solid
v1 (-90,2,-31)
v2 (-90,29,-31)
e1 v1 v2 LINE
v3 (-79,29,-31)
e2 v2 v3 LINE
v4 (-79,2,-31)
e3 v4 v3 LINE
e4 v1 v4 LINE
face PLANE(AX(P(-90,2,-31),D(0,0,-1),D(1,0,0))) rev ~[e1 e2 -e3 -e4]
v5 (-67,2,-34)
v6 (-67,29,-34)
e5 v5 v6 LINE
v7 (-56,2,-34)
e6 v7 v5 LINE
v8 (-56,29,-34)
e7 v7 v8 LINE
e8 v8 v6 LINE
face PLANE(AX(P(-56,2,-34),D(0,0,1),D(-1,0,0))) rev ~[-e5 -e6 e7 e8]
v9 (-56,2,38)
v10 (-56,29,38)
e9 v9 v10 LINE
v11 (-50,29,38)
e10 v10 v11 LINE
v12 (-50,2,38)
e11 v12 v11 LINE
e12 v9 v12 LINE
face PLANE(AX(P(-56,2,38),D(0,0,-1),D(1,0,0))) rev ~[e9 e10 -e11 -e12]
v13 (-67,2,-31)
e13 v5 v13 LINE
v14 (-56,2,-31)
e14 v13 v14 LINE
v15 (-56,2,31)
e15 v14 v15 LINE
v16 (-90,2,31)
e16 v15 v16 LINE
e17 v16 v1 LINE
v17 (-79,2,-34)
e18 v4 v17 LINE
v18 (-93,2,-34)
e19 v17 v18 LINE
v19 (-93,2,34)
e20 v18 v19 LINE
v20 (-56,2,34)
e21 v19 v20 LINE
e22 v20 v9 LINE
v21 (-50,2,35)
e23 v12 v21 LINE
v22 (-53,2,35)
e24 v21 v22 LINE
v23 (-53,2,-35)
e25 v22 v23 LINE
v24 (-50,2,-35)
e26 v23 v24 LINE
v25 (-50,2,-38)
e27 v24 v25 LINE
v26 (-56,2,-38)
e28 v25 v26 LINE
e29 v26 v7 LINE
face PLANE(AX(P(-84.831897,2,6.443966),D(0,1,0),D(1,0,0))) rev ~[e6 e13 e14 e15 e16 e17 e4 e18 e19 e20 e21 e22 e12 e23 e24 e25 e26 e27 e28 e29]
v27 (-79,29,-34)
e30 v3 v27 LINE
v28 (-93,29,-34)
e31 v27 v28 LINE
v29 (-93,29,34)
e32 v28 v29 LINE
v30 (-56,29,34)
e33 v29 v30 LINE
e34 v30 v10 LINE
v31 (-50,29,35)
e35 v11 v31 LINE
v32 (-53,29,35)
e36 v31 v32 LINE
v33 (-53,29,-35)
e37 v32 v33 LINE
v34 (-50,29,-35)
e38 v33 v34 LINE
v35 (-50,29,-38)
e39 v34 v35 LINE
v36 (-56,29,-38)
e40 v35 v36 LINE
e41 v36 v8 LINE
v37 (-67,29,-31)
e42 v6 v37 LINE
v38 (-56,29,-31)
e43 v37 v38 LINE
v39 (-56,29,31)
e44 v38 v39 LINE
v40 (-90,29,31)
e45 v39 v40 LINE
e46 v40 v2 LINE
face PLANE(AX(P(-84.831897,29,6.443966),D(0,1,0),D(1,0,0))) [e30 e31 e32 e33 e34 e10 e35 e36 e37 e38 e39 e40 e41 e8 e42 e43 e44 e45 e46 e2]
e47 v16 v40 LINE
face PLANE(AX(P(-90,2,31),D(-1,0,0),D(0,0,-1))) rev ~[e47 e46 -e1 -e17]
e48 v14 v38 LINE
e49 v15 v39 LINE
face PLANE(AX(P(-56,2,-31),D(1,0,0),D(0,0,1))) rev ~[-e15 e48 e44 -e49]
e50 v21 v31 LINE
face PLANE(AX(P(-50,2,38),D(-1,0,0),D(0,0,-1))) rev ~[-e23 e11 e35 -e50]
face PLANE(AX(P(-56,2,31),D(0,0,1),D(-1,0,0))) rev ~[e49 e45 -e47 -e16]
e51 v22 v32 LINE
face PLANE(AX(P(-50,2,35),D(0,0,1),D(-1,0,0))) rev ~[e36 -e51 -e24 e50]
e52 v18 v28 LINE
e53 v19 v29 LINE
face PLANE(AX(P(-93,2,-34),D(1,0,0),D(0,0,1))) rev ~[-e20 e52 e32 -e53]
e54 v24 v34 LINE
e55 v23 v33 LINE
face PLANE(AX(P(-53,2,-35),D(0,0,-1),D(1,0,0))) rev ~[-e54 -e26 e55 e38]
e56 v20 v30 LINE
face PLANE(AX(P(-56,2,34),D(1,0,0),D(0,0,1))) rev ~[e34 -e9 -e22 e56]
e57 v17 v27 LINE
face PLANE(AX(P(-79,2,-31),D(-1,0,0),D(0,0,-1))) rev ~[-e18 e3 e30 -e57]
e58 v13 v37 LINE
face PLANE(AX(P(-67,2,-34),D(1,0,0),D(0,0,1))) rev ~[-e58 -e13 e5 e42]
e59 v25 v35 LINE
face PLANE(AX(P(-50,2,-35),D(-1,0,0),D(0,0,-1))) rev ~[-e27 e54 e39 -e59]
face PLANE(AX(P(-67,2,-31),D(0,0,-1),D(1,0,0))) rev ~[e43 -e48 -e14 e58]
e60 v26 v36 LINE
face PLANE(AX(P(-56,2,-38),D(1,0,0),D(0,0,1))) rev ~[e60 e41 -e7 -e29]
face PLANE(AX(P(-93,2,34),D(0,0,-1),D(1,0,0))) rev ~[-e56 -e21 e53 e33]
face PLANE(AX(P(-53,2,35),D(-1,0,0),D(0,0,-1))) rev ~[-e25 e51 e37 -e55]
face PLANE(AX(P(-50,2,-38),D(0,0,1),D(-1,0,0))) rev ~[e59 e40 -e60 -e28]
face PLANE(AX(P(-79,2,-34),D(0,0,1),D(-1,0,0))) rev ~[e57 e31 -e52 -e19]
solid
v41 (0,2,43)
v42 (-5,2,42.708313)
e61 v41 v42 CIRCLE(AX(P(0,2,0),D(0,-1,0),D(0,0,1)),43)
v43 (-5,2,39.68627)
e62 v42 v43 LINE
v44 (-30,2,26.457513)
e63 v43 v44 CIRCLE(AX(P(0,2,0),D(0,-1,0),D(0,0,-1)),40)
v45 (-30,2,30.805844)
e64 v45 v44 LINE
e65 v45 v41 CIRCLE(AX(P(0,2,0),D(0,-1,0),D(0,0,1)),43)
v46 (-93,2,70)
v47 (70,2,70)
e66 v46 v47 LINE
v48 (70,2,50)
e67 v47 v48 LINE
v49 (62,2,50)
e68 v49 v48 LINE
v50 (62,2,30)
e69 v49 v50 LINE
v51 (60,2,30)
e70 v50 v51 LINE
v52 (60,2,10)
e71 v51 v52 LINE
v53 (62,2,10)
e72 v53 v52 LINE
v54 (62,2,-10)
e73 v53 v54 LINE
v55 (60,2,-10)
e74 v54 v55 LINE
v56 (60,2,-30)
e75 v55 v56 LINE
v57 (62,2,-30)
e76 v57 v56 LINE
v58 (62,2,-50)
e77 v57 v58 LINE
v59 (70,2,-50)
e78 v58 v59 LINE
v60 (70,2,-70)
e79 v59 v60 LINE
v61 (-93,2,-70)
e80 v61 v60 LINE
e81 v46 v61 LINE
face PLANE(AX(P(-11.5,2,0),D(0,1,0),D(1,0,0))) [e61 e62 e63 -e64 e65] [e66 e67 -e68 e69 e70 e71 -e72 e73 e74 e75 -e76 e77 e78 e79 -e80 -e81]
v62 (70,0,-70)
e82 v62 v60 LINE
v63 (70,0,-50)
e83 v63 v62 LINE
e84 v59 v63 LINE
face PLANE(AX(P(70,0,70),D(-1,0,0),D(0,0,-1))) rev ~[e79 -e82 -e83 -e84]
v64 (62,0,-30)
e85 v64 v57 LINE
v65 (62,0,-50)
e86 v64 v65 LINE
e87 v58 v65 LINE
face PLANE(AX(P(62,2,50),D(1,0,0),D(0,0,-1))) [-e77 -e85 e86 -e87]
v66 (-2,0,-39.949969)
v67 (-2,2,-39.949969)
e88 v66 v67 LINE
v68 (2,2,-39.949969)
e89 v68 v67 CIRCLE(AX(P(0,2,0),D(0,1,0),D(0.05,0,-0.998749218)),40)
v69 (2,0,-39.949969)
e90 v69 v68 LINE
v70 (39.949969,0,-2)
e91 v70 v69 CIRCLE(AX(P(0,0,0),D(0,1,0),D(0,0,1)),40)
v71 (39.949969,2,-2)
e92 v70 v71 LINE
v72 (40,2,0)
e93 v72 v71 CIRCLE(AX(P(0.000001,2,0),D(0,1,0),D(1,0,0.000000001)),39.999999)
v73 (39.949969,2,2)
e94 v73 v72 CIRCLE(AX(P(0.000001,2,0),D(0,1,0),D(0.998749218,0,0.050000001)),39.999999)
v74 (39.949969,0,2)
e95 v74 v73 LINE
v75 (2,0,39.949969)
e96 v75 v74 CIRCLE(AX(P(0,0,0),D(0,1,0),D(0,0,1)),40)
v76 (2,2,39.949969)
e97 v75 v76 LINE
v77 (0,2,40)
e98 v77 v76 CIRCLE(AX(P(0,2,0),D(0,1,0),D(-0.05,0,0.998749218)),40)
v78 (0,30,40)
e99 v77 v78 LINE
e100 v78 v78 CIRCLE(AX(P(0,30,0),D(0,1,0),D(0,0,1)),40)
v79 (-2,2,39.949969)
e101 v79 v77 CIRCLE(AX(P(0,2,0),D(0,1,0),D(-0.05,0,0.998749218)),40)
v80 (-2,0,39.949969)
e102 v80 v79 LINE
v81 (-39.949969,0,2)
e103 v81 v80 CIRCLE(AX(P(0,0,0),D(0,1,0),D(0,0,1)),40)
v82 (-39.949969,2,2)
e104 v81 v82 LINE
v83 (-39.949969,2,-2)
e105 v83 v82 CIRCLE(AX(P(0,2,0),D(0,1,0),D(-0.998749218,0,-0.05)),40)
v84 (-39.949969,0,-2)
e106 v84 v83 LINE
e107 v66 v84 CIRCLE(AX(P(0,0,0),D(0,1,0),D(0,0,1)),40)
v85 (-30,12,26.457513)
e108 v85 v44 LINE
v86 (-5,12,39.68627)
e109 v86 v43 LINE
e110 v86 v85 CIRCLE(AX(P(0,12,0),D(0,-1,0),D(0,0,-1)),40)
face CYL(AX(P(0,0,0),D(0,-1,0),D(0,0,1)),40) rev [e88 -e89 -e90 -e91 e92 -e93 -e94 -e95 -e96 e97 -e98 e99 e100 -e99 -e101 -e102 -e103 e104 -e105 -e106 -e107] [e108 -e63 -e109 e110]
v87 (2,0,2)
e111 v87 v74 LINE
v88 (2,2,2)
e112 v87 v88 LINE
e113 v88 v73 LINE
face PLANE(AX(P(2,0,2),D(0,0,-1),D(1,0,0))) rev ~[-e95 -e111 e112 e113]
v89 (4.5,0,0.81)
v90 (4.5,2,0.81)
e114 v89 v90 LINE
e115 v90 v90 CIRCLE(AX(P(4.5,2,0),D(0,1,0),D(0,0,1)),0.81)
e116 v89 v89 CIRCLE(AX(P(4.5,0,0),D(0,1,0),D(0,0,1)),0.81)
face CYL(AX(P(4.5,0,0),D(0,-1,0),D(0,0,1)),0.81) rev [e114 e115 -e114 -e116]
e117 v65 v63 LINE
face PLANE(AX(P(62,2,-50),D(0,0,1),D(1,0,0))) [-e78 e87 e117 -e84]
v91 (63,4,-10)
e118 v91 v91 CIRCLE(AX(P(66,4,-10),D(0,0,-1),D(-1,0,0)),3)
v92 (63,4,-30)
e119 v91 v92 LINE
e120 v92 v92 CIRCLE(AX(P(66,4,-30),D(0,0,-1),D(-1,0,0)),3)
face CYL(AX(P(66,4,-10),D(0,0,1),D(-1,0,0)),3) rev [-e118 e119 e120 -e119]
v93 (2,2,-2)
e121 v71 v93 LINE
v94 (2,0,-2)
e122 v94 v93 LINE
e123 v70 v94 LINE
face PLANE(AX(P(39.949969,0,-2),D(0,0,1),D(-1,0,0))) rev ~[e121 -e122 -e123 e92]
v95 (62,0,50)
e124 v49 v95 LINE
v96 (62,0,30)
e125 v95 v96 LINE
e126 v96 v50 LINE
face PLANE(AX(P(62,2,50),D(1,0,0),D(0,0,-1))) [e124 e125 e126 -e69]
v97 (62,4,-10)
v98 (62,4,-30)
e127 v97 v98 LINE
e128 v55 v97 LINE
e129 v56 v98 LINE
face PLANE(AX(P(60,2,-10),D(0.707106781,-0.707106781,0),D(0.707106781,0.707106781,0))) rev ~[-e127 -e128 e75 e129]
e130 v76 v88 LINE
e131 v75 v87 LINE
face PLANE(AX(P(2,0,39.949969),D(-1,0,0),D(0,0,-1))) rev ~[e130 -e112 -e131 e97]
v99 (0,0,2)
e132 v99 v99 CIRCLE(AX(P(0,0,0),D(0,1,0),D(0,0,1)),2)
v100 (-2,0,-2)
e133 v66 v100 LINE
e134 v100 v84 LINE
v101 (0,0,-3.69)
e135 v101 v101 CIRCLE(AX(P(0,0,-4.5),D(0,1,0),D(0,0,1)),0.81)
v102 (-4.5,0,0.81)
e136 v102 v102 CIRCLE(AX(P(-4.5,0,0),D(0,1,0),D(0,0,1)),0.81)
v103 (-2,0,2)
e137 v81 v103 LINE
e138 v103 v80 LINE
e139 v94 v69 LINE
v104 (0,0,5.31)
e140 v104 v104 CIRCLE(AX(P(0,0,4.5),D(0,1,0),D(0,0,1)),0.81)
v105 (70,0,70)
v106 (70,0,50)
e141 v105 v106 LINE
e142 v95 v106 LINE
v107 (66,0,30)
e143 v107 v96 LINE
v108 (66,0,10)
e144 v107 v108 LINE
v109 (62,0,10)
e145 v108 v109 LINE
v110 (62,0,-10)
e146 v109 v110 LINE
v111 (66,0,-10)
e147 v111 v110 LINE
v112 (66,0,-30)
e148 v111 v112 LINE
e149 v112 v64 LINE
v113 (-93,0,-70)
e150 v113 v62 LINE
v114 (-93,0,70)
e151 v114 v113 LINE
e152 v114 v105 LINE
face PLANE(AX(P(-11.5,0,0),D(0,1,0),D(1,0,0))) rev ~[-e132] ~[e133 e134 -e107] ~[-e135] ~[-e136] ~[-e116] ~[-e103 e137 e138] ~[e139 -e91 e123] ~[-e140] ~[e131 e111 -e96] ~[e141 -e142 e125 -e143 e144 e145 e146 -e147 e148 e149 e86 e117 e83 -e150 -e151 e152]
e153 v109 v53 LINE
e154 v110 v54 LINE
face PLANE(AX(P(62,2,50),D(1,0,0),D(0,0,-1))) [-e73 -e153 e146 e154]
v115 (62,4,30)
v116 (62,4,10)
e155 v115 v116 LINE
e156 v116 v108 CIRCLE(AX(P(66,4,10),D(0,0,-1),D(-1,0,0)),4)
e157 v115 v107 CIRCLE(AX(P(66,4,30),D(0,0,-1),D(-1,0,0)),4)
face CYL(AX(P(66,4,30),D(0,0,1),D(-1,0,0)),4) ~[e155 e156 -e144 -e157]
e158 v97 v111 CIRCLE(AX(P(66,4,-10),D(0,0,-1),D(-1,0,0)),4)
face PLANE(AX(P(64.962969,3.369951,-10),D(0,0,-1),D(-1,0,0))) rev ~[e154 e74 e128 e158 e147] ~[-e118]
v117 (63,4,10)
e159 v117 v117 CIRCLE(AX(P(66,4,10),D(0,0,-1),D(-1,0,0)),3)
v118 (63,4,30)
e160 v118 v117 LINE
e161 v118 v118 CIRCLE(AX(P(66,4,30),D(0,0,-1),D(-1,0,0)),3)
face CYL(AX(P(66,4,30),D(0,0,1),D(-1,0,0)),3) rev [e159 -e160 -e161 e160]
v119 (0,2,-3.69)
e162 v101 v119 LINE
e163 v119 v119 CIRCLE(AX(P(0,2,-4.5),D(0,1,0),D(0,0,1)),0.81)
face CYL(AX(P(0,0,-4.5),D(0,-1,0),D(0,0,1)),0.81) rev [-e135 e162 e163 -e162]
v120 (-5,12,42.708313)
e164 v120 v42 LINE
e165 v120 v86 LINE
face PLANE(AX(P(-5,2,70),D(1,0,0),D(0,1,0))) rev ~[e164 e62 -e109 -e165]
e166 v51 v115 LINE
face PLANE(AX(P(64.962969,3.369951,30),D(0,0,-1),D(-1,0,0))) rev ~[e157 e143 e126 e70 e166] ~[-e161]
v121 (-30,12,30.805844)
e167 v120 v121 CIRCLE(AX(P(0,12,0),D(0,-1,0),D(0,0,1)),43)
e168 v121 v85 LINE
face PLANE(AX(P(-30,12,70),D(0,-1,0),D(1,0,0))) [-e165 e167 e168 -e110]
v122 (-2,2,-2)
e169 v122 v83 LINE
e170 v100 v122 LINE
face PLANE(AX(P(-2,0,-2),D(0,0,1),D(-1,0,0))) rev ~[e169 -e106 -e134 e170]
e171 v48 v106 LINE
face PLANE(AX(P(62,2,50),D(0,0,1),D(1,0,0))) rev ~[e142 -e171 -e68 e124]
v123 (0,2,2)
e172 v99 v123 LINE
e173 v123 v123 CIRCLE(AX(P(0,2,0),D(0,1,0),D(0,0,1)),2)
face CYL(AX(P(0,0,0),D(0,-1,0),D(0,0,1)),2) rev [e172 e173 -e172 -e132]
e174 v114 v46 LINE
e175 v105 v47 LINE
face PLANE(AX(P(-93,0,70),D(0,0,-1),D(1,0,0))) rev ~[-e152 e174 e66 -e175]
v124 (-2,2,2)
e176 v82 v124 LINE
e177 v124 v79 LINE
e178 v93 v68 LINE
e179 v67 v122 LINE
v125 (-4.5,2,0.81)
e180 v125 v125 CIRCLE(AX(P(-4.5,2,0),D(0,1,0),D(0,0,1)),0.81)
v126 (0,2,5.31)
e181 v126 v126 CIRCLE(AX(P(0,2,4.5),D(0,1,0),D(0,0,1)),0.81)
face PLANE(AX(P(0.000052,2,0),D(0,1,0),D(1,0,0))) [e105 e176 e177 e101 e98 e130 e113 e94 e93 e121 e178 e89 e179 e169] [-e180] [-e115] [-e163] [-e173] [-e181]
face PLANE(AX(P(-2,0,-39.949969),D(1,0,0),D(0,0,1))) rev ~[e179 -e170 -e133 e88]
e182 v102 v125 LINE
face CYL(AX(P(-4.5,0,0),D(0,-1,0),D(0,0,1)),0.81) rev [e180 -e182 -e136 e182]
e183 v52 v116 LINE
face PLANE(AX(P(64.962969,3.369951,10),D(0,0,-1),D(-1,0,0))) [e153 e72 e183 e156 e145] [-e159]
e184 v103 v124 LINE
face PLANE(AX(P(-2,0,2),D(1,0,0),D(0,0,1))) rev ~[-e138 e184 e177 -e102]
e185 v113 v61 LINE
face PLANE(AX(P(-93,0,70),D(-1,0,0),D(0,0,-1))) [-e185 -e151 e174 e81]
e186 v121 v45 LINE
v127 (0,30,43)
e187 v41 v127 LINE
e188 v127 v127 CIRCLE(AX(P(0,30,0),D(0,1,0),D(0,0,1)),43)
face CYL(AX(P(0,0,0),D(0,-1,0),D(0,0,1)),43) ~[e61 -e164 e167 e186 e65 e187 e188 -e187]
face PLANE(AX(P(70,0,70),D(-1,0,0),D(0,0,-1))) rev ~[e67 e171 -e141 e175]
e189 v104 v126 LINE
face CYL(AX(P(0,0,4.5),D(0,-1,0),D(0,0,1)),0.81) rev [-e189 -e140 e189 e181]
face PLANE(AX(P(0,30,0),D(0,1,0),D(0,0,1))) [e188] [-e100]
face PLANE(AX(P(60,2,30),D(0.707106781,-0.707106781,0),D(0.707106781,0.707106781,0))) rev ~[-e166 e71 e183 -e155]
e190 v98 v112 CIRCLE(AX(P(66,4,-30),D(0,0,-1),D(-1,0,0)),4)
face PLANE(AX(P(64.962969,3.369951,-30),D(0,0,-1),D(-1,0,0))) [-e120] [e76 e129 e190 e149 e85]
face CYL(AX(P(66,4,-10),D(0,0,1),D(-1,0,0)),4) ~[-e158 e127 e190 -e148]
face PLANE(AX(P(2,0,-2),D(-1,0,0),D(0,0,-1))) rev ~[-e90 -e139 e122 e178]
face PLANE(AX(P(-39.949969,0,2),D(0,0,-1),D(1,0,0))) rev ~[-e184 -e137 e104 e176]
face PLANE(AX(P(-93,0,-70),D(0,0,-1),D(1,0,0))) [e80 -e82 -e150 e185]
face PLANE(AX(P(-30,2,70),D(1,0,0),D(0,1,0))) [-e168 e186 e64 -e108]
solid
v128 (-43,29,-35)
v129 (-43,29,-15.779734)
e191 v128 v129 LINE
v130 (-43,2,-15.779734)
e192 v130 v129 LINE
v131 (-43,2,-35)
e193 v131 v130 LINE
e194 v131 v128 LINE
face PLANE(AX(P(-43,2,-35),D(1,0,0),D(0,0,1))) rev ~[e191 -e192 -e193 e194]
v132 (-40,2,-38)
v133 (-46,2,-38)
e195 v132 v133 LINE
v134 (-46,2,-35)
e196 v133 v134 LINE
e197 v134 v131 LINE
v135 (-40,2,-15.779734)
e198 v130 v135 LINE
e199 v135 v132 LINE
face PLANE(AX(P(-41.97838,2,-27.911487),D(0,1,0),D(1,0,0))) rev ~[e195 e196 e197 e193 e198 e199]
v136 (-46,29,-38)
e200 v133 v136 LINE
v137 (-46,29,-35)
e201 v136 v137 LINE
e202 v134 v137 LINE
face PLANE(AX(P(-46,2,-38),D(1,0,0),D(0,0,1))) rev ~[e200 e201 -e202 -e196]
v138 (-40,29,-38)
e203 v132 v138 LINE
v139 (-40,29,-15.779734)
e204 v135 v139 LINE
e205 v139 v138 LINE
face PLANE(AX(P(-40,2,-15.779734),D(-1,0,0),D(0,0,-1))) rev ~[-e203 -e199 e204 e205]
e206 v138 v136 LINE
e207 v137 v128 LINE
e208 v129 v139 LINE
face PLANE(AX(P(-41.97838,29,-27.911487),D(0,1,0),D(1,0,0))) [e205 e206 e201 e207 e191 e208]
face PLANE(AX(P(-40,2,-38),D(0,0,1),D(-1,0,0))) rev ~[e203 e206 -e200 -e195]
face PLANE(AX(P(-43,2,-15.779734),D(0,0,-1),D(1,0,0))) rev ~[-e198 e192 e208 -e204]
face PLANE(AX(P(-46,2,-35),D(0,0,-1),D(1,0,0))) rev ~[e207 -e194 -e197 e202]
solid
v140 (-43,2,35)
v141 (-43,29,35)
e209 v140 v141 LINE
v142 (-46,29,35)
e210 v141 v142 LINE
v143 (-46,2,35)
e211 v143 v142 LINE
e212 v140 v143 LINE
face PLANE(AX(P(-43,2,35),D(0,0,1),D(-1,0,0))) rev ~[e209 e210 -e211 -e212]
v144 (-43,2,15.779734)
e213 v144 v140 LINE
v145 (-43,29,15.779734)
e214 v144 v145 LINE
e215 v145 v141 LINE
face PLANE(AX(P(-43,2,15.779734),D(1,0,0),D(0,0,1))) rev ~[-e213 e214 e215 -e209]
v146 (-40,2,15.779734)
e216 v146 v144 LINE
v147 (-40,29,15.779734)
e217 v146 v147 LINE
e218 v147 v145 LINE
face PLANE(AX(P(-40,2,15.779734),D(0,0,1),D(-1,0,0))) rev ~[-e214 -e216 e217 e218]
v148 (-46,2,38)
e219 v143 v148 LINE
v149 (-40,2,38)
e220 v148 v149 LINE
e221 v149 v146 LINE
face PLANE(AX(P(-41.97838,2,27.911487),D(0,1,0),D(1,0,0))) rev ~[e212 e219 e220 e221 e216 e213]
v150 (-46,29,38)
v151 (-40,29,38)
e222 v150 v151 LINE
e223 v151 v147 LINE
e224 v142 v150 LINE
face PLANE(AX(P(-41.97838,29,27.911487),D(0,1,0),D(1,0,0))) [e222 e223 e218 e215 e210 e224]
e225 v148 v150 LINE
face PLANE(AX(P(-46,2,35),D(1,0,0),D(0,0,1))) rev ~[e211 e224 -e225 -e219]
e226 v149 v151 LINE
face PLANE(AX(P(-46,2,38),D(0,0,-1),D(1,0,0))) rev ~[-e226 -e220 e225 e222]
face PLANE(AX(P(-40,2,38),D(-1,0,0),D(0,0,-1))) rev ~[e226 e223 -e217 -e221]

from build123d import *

# Parameters (mm, degrees)
CROQUIS1_R                 = 43
CROQUIS1_R_2               = 40
SALIENTE_EXTRUIR1_DEPTH    = 30
CROQUIS3_R                 = 0.81
CROQUIS3_R_2               = 2
SALIENTE_EXTRUIR2_DEPTH    = 2
CROQUIS4_W                 = 163
CROQUIS4_H                 = 140
CROQUIS4_R                 = 43
SALIENTE_EXTRUIR3_DEPTH    = 2
SALIENTE_EXTRUIR17_DEPTH   = 27
CORTAR_EXTRUIR1_REACH      = 172.731
CORTAR_EXTRUIR1_END_RADIUS = 40
CROQUIS15_W                = 25
CROQUIS15_H                = 10
CROQUIS17_W                = 8
CROQUIS17_H                = 100
CORTAR_EXTRUIR2_DEPTH      = 2
SALIENTE_EXTRUIR19_START   = 20
CROQUIS18_R                = 3
SALIENTE_EXTRUIR19_DEPTH   = 20
MATRIZL2_COUNT             = 2
MATRIZL2_PITCH             = 40


with BuildPart() as part:
    # Croquis1 → Saliente-Extruir1 (new body)
    with BuildSketch(Plane(origin=(0, 0, 0), x_dir=(1, 0, 0), z_dir=(0, 1, 0))):
        with Locations(Location((0, 0, 0), (0, 0, 270))):
            Circle(CROQUIS1_R)
        with Locations(Location((0, 0, 0), (0, 0, 270))):
            Circle(CROQUIS1_R_2, mode=Mode.SUBTRACT)
    extrude(amount=SALIENTE_EXTRUIR1_DEPTH)

    # Croquis3 → Saliente-Extruir2 (add)
    with BuildSketch(Plane(origin=(0, 0, 0), x_dir=(1, 0, 0), z_dir=(0, 1, 0))):
        with BuildLine():
            Line((-2, 39.949968711), (-2, 2))
            Line((-2, 2), (-39.949968711, 2))
            ThreePointArc((-39.949968711, 2), (-40, 0), (-39.949968711, -2))
            Line((-39.949968711, -2), (-2, -2))
            Line((-2, -2), (-2, -39.949968711))
            ThreePointArc((-2, -39.949968711), (0, -40), (2, -39.949968711))
            Line((2, -39.949968711), (2, -2))
            Line((2, -2), (39.949968711, -2))
            ThreePointArc((39.949968711, -2), (39.987490222, -1.000312842), (40, 0))
            ThreePointArc((40, 0), (39.987490222, 1.000312842), (39.949968711, 2))
            Line((39.949968711, 2), (2, 2))
            Line((2, 2), (2, 39.949968711))
            ThreePointArc((2, 39.949968711), (0, 40), (-2, 39.949968711))
        make_face()
        with Locations(Location((0, -4.5, 0), (0, 0, 270))):
            Circle(CROQUIS3_R, mode=Mode.SUBTRACT)
        with Locations(Location((-4.5, 0, 0), (0, 0, 270))):
            Circle(CROQUIS3_R, mode=Mode.SUBTRACT)
        with Locations(Location((0, 0, 0), (0, 0, 270))):
            Circle(CROQUIS3_R_2, mode=Mode.SUBTRACT)
        with Locations(Location((4.5, 0, 0), (0, 0, 270))):
            Circle(CROQUIS3_R, mode=Mode.SUBTRACT)
        with Locations(Location((0, 4.5, 0), (0, 0, 270))):
            Circle(CROQUIS3_R, mode=Mode.SUBTRACT)
    extrude(amount=SALIENTE_EXTRUIR2_DEPTH)

    # Croquis4 → Saliente-Extruir3 (add)
    with BuildSketch(Plane(origin=(0, 0, 0), x_dir=(1, 0, 0), z_dir=(0, 1, 0))):
        with Locations((-11.5, 0)):
            Rectangle(CROQUIS4_W, CROQUIS4_H)
        with Locations(Location((0, 0, 0), (0, 0, 90))):
            Circle(CROQUIS4_R, mode=Mode.SUBTRACT)
    extrude(amount=SALIENTE_EXTRUIR3_DEPTH)

    # Cortar-Extruir1: up to this cylinder (the profile starts outside it)
    cortar_extruir1_end = Plane(origin=(0, 7, 0), z_dir=(0, -1, 0)) * Cylinder(CORTAR_EXTRUIR1_END_RADIUS, 426.462, mode=Mode.PRIVATE)
    # Croquis15 → Cortar-Extruir1 (cut, up to the surface)
    with BuildSketch(Plane.XY.offset(70), mode=Mode.PRIVATE) as cortar_extruir1_sk1:
        with Locations((-17.5, 7)):
            Rectangle(CROQUIS15_W, CROQUIS15_H)
    cortar_extruir1_tool1 = extrude(cortar_extruir1_sk1.sketch, amount=-CORTAR_EXTRUIR1_REACH, mode=Mode.PRIVATE) - cortar_extruir1_end
    add(cortar_extruir1_tool1.solids().sort_by_distance((-17.5, 7, 70))[0], mode=Mode.SUBTRACT)
    # Croquis15 → Cortar-Extruir1 (cut, up to the surface)
    with BuildSketch(Plane.XY.offset(70), mode=Mode.PRIVATE) as cortar_extruir1_sk2:
        with Locations((-17.5, 7)):
            Rectangle(CROQUIS15_W, CROQUIS15_H)
    cortar_extruir1_tool2 = extrude(cortar_extruir1_sk2.sketch, amount=-CORTAR_EXTRUIR1_REACH, mode=Mode.PRIVATE) - cortar_extruir1_end
    add(cortar_extruir1_tool2.solids().sort_by_distance((-17.5, 7, 70))[0], mode=Mode.SUBTRACT)

    # Croquis17 → Cortar-Extruir2 (cut)
    with BuildSketch(Plane(origin=(0, 2, 0), x_dir=(1, 0, 0), z_dir=(0, 1, 0))):
        with Locations((66, 0)):
            Rectangle(CROQUIS17_W, CROQUIS17_H)
    extrude(amount=-CORTAR_EXTRUIR2_DEPTH, mode=Mode.SUBTRACT)

    # Croquis18 → Saliente-Extruir19 (add)
    with BuildSketch(Plane(origin=(0, 0, 50), x_dir=(-1, 0, 0), z_dir=(0, 0, -1)).offset(SALIENTE_EXTRUIR19_START)):
        with BuildLine():
            Line((-62, 0), (-62, 2))
            Line((-62, 2), (-60, 2))
            Line((-60, 2), (-62, 4))
            ThreePointArc((-62, 4), (-68.828427125, 6.828427125), (-66, 0))
            Line((-66, 0), (-62, 0))
        make_face()
        with Locations((-66, 4)):
            Circle(CROQUIS18_R, mode=Mode.SUBTRACT)
    saliente_extruir19 = extrude(amount=SALIENTE_EXTRUIR19_DEPTH)

    # MatrizL2: Saliente-Extruir19 ×2
    with Locations(*[(0, 0, -i * MATRIZL2_PITCH) for i in range(1, MATRIZL2_COUNT)]):
        add(saliente_extruir19)


with BuildPart() as body_2:
    # Croquis14 → Saliente-Extruir17 (new body)
    with BuildSketch(Plane(origin=(0, 2, 0), x_dir=(1, 0, 0), z_dir=(0, 1, 0))):
        Polygon((-93, 34), (-93, -34), (-56, -34), (-56, -31), (-90, -31), (-90, 31), (-79, 31), (-79, 34), align=None)
        Polygon((-56, -31), (-56, -34), (-53, -34), (-53, 34), (-56, 34), (-67, 34), (-67, 31), (-56, 31), align=None)
        Polygon((-53, -34), (-56, -34), (-56, -38), (-50, -38), (-50, -35), (-53, -35), align=None)
        Polygon((-46, -35), (-46, -38), (-40, -38), (-40, -15.779733838), (-43, -15.779733838), (-43, -35), align=None)
        Polygon((-46, 38), (-46, 35), (-43, 35), (-43, 15.779733838), (-40, 15.779733838), (-40, 38), align=None)
        Polygon((-56, 34), (-53, 34), (-53, 35), (-50, 35), (-50, 38), (-56, 38), align=None)
    extrude(amount=SALIENTE_EXTRUIR17_DEPTH)


solid = Compound([part.part, body_2.part])
